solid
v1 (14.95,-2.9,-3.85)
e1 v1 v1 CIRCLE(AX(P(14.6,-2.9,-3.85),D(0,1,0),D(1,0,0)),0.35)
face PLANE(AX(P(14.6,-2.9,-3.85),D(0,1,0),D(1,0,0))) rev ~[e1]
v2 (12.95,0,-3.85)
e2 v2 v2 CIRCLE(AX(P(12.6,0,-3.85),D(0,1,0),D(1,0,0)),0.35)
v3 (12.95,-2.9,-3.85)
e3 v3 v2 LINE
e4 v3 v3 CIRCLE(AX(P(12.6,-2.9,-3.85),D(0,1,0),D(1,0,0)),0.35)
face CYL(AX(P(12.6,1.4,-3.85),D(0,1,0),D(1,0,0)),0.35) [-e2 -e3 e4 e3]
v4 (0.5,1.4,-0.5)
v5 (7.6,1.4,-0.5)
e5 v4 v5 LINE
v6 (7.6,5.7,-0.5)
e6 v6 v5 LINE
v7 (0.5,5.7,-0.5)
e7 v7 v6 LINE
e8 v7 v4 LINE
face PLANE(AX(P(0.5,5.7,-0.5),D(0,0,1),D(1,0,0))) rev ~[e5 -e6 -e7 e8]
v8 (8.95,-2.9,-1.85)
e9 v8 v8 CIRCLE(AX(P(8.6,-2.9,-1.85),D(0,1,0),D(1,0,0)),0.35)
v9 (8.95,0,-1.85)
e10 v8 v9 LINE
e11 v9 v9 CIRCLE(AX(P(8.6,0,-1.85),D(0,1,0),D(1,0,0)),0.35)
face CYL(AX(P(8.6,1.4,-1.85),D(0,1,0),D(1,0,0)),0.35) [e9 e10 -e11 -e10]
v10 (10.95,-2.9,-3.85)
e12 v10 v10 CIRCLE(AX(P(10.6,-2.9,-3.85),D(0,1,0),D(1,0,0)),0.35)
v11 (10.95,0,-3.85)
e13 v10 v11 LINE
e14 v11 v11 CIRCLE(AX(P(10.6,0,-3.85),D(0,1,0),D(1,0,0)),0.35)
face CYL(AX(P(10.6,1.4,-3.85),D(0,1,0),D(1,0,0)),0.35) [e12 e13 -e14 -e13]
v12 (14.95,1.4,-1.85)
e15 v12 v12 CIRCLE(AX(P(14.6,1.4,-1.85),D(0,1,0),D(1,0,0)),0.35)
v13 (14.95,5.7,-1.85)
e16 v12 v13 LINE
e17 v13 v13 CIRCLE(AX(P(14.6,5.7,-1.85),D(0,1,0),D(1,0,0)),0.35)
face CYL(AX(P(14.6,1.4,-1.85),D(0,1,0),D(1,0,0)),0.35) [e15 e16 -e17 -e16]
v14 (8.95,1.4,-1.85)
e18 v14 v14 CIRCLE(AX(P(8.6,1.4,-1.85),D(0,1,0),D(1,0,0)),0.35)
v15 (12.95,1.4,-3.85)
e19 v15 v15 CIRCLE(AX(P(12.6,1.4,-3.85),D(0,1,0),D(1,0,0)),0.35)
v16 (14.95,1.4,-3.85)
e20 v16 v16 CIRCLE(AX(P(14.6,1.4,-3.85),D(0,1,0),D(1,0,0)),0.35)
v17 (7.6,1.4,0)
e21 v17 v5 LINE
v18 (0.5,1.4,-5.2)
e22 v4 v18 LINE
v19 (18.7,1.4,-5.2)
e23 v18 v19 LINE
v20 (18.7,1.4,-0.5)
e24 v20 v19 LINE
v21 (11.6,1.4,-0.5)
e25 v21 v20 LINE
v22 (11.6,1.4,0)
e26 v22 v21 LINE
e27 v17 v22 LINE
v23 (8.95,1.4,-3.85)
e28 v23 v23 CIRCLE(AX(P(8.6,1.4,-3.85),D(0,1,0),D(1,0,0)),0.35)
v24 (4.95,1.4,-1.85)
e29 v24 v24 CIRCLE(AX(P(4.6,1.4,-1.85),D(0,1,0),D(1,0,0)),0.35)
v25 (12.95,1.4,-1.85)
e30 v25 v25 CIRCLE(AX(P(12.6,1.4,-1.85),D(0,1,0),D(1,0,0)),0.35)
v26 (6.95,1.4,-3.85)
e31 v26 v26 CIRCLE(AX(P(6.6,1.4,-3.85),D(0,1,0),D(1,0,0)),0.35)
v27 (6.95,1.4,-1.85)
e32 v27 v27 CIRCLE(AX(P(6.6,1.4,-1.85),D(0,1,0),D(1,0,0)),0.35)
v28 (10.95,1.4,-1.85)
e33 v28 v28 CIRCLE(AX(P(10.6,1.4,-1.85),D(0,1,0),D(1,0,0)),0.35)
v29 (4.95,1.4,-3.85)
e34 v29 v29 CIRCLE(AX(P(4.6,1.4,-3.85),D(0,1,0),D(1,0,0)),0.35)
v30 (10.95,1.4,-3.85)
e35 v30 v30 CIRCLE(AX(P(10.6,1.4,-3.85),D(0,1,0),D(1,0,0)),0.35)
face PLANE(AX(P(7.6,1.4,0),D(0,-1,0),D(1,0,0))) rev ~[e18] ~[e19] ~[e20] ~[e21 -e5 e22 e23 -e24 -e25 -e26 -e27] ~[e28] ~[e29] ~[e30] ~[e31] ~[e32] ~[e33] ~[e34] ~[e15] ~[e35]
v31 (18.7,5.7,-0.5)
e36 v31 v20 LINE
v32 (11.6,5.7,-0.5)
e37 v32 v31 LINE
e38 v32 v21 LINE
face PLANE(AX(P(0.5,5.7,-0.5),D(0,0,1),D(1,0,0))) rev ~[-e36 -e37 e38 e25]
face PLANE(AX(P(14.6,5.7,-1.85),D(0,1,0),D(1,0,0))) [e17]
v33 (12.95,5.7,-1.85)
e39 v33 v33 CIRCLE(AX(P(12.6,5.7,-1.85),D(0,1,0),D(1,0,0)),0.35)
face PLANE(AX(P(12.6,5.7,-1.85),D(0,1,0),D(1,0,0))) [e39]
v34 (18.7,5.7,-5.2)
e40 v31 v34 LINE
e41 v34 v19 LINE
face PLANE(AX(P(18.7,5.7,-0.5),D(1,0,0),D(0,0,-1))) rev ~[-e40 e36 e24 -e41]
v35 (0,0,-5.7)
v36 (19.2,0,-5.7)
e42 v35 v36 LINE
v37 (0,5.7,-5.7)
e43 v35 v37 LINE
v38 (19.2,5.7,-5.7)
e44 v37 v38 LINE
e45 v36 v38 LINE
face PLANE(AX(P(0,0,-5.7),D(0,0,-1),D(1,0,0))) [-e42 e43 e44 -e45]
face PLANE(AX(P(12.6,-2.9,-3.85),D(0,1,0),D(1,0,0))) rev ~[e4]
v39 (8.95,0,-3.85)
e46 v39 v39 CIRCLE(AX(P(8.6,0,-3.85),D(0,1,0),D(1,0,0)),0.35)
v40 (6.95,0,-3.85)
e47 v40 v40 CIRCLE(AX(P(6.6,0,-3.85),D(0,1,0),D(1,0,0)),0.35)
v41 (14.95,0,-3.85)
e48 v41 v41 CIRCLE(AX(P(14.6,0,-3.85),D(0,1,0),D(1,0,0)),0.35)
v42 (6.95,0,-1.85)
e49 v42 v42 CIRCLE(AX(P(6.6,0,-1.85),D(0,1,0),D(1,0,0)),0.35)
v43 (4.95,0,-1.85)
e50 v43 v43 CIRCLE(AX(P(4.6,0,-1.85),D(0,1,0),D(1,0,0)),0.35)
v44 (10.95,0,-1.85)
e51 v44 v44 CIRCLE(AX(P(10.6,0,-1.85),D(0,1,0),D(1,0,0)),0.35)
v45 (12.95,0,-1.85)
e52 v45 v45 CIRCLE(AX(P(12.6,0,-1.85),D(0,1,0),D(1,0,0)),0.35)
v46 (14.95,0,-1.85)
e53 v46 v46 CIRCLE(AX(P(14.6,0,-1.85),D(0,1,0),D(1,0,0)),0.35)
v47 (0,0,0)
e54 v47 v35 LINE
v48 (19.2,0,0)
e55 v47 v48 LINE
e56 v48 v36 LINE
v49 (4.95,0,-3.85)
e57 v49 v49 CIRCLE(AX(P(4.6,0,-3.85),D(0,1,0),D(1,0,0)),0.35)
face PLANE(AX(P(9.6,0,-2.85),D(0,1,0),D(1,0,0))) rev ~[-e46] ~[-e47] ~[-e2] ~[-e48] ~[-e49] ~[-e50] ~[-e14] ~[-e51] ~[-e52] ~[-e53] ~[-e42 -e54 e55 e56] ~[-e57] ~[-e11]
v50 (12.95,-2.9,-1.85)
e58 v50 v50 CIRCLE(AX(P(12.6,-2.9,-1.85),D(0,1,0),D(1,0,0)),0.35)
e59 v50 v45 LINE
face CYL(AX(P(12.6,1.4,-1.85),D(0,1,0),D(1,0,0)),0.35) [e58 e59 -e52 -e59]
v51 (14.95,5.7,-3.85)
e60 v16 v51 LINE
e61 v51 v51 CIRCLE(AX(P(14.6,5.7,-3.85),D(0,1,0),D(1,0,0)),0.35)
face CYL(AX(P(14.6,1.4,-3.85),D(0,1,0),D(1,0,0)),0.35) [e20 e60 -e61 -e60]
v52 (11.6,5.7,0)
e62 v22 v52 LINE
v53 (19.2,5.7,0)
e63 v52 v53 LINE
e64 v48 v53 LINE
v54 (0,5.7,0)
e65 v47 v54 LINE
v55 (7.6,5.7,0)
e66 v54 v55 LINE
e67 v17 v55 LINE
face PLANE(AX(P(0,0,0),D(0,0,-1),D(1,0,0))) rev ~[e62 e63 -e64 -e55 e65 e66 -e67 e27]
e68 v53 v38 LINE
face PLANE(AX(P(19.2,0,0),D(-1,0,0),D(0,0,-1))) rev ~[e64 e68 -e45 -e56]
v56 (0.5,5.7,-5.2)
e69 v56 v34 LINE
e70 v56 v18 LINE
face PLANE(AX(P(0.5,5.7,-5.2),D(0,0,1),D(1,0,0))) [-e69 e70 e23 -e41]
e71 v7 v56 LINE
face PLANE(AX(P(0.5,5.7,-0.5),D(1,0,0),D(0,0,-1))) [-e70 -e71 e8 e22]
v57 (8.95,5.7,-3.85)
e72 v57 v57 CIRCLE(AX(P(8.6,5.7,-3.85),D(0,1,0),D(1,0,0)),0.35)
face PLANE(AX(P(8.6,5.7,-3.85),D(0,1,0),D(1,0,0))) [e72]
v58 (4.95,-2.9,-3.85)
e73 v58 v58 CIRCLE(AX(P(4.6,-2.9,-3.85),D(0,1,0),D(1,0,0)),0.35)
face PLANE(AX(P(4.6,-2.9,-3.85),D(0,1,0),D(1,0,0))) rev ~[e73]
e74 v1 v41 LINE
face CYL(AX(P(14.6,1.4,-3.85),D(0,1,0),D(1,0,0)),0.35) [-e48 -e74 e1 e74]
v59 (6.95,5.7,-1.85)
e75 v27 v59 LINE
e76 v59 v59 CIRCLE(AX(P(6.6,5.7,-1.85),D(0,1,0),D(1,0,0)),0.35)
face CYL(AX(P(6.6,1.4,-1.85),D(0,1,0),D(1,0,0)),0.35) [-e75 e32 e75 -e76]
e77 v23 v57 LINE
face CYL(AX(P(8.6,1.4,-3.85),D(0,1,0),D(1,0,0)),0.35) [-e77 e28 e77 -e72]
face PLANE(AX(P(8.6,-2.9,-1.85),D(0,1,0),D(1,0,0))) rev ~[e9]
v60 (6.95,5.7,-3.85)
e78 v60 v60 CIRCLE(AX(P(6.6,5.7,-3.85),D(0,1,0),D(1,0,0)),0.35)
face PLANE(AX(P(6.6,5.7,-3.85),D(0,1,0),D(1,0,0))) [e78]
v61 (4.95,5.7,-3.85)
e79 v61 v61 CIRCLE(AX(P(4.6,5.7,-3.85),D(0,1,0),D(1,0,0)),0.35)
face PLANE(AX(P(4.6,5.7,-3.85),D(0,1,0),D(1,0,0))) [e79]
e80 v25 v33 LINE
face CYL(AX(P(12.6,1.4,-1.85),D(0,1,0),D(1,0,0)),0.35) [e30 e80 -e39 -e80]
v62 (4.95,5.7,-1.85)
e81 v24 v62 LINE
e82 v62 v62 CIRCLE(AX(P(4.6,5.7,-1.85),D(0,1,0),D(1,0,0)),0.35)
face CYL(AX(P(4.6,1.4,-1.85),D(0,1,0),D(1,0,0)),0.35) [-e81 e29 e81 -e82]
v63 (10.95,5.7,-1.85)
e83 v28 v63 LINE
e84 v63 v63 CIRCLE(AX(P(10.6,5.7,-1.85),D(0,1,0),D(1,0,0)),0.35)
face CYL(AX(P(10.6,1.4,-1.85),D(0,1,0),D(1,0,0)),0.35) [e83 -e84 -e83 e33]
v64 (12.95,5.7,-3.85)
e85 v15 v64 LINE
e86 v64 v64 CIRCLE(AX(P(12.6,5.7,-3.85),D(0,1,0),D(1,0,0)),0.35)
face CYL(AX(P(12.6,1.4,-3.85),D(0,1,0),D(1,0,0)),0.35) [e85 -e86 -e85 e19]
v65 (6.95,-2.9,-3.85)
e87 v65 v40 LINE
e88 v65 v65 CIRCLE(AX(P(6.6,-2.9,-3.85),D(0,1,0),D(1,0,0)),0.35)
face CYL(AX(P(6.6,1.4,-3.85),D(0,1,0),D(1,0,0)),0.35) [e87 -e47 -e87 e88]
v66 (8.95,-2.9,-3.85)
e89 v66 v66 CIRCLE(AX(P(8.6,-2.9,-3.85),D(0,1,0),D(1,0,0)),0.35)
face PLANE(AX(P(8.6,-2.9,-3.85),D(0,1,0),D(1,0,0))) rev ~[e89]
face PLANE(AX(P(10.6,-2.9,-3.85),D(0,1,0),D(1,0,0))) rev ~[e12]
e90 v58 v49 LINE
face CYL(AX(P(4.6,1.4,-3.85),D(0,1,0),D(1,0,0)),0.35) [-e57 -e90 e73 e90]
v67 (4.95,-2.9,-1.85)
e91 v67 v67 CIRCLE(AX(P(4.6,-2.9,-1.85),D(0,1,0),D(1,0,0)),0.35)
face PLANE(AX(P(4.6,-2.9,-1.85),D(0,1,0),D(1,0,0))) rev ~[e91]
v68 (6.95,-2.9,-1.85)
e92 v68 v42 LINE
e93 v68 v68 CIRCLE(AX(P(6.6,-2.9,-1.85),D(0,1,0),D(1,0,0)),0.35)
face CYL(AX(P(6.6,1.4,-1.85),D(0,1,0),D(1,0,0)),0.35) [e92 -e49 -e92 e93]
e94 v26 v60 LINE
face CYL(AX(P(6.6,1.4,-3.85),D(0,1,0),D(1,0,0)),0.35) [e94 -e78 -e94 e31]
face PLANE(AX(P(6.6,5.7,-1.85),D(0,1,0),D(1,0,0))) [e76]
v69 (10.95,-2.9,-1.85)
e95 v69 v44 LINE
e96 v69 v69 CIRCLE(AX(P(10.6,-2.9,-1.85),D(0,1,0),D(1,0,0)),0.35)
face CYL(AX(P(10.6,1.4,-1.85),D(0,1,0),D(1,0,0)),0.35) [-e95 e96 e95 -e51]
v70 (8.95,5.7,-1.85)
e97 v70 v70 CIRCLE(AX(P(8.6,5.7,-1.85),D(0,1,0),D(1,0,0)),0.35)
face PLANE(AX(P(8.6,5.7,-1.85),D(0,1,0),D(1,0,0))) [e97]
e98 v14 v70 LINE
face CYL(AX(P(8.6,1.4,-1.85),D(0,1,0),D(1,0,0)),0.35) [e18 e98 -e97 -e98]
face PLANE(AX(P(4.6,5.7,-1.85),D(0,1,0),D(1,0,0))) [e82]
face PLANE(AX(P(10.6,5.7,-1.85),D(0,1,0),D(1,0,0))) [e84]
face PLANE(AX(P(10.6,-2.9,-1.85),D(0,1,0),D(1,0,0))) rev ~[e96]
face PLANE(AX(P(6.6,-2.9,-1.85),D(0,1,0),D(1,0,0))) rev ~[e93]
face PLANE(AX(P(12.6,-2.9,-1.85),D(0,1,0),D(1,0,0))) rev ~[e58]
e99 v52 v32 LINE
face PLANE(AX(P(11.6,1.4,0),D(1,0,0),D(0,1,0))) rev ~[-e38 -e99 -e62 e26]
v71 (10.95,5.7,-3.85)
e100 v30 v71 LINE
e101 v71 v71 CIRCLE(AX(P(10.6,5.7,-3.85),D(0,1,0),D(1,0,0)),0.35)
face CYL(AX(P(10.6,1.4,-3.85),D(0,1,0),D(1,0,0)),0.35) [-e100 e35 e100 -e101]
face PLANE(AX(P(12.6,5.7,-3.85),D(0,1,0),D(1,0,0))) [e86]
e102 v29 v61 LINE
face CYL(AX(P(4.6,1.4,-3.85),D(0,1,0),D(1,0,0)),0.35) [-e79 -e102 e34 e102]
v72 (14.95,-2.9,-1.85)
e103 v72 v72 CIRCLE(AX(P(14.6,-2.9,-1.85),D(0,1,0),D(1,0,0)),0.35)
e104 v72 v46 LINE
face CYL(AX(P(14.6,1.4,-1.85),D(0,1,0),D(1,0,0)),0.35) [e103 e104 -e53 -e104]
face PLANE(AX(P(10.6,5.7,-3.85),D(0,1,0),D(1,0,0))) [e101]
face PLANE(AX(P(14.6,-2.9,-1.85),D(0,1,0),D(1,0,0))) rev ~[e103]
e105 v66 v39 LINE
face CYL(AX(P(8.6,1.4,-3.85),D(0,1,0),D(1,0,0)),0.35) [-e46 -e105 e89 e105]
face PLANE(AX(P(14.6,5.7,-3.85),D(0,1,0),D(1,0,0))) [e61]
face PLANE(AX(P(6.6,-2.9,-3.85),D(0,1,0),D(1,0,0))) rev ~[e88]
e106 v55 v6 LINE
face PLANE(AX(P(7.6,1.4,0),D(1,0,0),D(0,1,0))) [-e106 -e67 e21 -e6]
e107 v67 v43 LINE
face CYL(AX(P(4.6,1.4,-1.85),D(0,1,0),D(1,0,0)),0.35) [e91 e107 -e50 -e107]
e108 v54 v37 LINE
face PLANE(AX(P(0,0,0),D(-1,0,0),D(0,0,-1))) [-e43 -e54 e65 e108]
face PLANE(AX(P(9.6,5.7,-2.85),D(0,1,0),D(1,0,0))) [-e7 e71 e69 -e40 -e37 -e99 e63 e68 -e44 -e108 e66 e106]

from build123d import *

# Parameters (mm, degrees)
SKETCH_1_W                  = 19.2
SKETCH_1_H                  = 5.7
EXTRUDE_1_DEPTH             = 5.7
SKETCH_2_W                  = 18.2
SKETCH_2_H                  = 4.7
CUT_EXTRUDE_1_DEPTH         = 4.3
CUT_EXTRUDE_2_REACH         = 7.7
SKETCH_3_W                  = 4
SKETCH_3_H                  = 4.3
SKETCH_4_R                  = 0.35
EXTRUDE_2_DEPTH             = 4.3
PATTERN_LINEAR_1_COUNT      = 6
PATTERN_LINEAR_1_PITCH      = 2
PATTERN_LINEAR_1_COUNT_DIR2 = 2
PATTERN_LINEAR_1_PITCH_DIR2 = 2


with BuildPart() as part:
    # 草图1 → 凸台-拉伸1 (new body)
    with BuildSketch(Plane(origin=(0, 0, 0), x_dir=(1, 0, 0), z_dir=(0, 1, 0))):
        with Locations((9.6, 2.85)):
            Rectangle(SKETCH_1_W, SKETCH_1_H)
    extrude(amount=EXTRUDE_1_DEPTH)

    # 草图2 → 切除-拉伸1 (cut)
    with BuildSketch(Plane(origin=(0, 5.7, 0), x_dir=(1, 0, 0), z_dir=(0, 1, 0))):
        with Locations((9.6, 2.85)):
            Rectangle(SKETCH_2_W, SKETCH_2_H)
    extrude(amount=-CUT_EXTRUDE_1_DEPTH, mode=Mode.SUBTRACT)

    # 草图3 → 切除-拉伸2 (cut, up to next)
    with BuildSketch(Plane.XY, mode=Mode.PRIVATE) as cut_extrude_2_sk1:
        with Locations((9.6, 3.55)):
            Rectangle(SKETCH_3_W, SKETCH_3_H)
    cut_extrude_2_tool1 = extrude(cut_extrude_2_sk1.sketch, amount=-CUT_EXTRUDE_2_REACH, mode=Mode.PRIVATE) & part.part
    add(cut_extrude_2_tool1.solids().sort_by_distance((9.6, 3.55, 0))[0], mode=Mode.SUBTRACT)

    # 草图4 → 凸台-拉伸2 (add, symmetric)
    with BuildSketch(Plane(origin=(0, 1.4, 0), x_dir=(1, 0, 0), z_dir=(0, 1, 0))):
        with Locations((4.6, 3.85)):
            Circle(SKETCH_4_R)
    extrude_2 = extrude(amount=EXTRUDE_2_DEPTH, both=True)

    # 阵列(线性)1: Extrude 2 6 × 2
    with Locations(*[(i * PATTERN_LINEAR_1_PITCH, 0, j * PATTERN_LINEAR_1_PITCH_DIR2) for i in range(PATTERN_LINEAR_1_COUNT) for j in range(PATTERN_LINEAR_1_COUNT_DIR2) if (i, j) != (0, 0)]):
        add(extrude_2)


solid = part.part
